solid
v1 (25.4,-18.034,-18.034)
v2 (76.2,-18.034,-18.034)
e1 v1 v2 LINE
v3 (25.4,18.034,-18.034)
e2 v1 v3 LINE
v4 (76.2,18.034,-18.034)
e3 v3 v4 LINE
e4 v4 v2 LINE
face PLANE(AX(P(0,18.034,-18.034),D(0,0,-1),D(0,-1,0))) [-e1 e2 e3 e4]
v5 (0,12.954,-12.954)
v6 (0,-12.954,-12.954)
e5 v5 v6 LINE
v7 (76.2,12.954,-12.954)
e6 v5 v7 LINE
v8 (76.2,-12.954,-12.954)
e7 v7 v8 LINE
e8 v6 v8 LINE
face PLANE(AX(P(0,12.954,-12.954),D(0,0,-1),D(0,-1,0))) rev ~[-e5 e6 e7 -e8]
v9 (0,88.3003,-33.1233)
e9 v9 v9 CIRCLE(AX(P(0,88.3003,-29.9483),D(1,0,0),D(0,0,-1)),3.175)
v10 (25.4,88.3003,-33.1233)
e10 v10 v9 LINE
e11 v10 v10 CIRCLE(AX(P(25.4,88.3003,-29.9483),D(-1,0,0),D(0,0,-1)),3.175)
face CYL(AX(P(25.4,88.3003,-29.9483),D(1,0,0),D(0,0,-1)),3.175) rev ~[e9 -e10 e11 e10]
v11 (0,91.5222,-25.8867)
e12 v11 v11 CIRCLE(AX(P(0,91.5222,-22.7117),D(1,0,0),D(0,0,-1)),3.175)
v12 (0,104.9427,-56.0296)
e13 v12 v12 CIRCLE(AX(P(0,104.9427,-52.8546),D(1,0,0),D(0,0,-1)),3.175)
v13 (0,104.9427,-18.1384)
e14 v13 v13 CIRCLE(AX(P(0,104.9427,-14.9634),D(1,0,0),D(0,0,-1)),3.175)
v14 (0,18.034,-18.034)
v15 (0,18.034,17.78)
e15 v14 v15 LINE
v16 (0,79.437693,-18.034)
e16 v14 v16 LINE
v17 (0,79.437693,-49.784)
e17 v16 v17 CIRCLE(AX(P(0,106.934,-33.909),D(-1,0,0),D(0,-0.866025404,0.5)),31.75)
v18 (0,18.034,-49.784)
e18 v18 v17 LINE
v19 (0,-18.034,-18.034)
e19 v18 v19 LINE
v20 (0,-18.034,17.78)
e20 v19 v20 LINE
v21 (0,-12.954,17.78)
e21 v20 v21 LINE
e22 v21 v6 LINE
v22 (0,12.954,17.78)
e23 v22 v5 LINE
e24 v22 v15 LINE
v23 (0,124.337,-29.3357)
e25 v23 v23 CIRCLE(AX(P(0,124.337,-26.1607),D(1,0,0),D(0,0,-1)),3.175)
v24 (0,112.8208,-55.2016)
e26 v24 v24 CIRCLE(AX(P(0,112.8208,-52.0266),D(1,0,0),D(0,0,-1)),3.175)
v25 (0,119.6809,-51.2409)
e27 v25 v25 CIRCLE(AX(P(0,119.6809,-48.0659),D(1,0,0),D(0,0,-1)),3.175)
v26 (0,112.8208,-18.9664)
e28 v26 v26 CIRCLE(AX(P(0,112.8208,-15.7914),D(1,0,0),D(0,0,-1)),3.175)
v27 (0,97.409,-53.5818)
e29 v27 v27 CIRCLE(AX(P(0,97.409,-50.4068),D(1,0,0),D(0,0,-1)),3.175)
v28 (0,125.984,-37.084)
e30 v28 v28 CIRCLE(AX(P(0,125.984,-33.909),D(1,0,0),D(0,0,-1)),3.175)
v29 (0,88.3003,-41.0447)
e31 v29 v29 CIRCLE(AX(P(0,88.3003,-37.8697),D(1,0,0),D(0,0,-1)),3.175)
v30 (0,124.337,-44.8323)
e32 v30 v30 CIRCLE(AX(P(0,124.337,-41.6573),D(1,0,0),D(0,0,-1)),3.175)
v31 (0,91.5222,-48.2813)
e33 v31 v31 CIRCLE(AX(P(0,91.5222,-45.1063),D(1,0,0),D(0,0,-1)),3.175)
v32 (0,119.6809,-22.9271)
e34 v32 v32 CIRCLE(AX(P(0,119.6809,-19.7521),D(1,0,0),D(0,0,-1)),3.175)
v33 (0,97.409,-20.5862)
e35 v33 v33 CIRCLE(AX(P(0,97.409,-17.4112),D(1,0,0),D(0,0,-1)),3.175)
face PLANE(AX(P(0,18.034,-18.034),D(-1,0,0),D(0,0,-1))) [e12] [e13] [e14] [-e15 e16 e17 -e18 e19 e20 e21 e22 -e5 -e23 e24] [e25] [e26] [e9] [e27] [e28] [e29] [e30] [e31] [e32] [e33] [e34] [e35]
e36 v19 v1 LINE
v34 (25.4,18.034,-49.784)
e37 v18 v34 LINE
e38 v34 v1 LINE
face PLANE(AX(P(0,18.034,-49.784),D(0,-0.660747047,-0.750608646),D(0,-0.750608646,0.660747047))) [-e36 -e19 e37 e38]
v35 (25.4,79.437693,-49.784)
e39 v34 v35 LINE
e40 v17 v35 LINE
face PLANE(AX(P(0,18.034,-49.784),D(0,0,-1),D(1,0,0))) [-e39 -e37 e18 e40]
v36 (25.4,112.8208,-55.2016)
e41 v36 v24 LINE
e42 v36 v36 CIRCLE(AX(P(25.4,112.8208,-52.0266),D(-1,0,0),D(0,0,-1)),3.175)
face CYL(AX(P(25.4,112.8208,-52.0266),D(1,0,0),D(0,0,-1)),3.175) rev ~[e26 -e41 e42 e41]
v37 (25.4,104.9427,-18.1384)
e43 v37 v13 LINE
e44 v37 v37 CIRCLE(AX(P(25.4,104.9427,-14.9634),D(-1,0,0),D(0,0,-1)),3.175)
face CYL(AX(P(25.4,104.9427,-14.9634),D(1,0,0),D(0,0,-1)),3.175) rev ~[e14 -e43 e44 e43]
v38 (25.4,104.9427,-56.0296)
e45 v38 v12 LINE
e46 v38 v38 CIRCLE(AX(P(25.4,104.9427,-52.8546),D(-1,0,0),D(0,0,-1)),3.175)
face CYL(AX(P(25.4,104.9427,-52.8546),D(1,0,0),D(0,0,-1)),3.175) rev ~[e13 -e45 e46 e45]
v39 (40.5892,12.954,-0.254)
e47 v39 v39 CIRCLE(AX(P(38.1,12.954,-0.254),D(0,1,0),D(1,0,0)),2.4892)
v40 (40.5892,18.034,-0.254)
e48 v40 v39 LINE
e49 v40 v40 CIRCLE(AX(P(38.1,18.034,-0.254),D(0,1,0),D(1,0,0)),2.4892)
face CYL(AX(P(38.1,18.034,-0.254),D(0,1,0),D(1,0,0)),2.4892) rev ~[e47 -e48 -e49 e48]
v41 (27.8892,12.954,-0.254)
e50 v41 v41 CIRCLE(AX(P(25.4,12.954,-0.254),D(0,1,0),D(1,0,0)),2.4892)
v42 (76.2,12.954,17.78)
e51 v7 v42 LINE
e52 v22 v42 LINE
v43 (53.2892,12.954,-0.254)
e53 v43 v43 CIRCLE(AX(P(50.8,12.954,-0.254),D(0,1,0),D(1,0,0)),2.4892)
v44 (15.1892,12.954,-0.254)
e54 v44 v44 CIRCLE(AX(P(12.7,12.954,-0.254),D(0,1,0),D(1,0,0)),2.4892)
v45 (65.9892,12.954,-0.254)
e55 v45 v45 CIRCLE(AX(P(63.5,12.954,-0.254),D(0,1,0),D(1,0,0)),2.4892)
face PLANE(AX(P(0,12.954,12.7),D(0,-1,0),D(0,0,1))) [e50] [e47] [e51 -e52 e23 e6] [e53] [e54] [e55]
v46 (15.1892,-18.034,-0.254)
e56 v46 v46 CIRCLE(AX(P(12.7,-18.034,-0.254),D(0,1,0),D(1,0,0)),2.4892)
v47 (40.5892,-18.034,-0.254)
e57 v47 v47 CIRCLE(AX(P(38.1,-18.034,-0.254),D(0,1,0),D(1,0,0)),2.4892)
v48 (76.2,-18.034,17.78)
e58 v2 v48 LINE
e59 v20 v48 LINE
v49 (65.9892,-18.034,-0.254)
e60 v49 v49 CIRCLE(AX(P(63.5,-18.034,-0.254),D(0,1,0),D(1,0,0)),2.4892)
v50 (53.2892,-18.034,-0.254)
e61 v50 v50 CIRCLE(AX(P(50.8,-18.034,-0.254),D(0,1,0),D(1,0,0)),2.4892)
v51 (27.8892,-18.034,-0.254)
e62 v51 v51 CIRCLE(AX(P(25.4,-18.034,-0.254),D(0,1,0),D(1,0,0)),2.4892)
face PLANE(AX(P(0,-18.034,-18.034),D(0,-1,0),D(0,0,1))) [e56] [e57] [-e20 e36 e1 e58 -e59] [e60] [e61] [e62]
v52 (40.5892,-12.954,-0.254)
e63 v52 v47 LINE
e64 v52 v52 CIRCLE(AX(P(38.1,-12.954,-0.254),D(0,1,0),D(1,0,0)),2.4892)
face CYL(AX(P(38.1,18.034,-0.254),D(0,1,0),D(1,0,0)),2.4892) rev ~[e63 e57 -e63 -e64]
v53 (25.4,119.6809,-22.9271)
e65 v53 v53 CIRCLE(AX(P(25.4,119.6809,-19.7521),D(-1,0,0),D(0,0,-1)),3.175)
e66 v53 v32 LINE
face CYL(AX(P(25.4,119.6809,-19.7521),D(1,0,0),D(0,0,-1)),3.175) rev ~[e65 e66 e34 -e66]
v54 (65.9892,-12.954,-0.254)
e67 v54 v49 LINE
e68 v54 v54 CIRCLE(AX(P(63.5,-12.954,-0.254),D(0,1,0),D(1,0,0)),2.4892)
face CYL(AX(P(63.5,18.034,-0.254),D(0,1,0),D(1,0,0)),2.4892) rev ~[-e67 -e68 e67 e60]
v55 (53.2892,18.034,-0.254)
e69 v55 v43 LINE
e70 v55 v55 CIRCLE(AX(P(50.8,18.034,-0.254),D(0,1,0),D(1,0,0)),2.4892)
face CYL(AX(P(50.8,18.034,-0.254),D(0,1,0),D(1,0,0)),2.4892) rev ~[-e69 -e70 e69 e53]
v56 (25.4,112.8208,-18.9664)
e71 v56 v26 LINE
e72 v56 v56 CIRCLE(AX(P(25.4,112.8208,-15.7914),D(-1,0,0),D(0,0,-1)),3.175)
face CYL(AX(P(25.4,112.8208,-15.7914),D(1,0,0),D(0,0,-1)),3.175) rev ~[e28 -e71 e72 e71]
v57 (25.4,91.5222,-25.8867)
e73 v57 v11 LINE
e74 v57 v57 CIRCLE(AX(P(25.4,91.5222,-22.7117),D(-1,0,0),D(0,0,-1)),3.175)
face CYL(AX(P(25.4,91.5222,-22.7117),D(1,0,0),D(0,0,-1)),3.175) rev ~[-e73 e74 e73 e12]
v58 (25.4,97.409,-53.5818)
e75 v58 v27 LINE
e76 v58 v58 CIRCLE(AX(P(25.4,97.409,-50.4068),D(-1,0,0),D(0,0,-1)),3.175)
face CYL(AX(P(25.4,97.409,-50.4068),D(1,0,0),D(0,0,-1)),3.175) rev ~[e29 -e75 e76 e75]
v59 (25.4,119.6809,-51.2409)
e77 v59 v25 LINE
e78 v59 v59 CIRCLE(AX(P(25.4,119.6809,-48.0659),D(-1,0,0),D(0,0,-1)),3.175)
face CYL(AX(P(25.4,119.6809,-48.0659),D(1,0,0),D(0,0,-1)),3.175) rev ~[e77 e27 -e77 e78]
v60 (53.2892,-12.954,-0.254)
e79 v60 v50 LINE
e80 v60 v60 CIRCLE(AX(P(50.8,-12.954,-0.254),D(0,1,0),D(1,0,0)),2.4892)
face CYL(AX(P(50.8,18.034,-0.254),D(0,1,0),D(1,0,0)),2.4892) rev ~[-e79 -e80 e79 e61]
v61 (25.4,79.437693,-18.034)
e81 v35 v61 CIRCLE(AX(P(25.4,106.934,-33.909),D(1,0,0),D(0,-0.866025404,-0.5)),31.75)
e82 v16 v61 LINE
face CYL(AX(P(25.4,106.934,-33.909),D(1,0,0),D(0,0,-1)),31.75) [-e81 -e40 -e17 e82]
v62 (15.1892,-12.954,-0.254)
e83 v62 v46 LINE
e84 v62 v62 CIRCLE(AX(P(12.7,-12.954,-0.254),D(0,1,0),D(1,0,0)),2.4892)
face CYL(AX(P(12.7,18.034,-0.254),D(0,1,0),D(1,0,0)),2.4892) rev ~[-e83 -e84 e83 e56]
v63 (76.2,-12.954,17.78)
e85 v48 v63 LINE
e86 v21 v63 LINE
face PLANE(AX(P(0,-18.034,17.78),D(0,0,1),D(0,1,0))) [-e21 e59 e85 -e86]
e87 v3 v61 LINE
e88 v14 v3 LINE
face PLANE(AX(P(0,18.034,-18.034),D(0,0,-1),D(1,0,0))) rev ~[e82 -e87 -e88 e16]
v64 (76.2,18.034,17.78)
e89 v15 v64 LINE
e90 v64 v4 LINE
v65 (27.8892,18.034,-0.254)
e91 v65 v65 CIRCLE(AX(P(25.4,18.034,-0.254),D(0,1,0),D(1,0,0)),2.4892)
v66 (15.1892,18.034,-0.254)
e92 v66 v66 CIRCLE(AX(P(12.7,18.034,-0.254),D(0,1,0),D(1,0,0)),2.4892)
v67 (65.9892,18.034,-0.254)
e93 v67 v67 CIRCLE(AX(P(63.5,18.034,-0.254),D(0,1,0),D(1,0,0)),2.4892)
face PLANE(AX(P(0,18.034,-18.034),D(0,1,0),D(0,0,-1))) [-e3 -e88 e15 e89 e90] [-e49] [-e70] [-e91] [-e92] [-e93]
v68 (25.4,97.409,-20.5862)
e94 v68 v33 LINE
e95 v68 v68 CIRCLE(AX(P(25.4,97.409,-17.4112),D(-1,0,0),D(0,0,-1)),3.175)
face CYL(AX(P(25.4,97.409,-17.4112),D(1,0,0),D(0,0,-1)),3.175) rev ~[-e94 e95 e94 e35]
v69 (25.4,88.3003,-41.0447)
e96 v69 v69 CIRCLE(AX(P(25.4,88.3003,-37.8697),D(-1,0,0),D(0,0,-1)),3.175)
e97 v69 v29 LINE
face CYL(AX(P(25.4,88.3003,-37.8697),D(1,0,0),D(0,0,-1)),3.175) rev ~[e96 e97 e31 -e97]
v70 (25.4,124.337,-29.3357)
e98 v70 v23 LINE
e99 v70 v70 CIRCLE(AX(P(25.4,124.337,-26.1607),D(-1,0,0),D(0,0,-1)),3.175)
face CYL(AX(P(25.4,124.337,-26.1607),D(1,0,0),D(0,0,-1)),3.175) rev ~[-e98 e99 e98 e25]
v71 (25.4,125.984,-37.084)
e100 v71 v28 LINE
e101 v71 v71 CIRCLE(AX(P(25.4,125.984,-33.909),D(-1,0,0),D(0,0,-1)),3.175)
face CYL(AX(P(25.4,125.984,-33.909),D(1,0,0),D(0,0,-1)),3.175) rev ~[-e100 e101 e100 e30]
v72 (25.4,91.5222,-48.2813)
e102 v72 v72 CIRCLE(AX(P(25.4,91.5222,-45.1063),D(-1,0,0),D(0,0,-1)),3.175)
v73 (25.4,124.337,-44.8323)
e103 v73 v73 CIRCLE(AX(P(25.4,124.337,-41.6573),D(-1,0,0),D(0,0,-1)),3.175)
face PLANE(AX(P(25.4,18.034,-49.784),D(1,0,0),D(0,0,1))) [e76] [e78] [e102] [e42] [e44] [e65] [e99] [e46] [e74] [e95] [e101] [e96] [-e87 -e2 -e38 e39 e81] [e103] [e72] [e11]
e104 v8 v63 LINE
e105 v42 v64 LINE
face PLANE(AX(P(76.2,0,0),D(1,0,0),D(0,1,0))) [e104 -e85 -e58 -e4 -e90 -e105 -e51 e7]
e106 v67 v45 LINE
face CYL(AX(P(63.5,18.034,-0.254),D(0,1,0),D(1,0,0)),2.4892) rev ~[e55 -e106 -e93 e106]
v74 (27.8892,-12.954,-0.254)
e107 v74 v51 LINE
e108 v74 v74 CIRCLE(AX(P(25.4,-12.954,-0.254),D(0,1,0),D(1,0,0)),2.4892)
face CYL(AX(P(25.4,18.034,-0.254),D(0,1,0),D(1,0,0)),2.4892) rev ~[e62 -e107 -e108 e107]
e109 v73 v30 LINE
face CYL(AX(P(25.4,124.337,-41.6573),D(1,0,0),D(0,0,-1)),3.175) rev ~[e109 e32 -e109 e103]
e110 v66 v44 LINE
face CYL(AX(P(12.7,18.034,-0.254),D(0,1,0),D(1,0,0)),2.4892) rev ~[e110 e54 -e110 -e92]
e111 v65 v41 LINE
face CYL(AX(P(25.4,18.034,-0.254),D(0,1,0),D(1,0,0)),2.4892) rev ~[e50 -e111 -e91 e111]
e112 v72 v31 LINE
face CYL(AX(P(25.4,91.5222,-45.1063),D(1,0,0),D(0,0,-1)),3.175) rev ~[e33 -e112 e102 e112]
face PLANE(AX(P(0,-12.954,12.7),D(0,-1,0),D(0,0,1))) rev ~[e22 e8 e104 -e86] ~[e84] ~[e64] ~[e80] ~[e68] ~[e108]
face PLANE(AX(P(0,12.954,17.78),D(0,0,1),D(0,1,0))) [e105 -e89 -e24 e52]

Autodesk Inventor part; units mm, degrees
ref_plane "YZ Plane" through (0, 0, 0) normal (1, 0, 0) x (0, 1, 0)
ref_plane "XZ Plane" through (0, 0, 0) normal (0, 1, 0) x (-1, 0, 0)
ref_plane "XY Plane" through (0, 0, 0) normal (0, 0, 1) x (1, 0, 0)
sketch "Sketch1" plane through (0, 0, 0) normal (1, 0, 0) x (0, 1, 0)
  line L0 (12.954, 12.7) -> (12.954, -12.954)
  line L1 (12.954, -12.954) -> (-12.954, -12.954)
  line L2 (-12.954, -12.954) -> (-12.954, 12.7)
  line L3 (12.954, 17.78) -> (18.034, 17.78)
  line L4 (18.034, 17.78) -> (18.034, -18.034)
  line L5 (18.034, -18.034) -> (-18.034, -18.034)
  line L6 (-18.034, -18.034) -> (-18.034, 17.78)
  line L7 (-18.034, 17.78) -> (-12.954, 17.78)
  line L8 (12.954, 12.7) -> (12.954, 17.78)
  line L9 (-12.954, 12.7) -> (-12.954, 17.78)
  point P0 (0, 0)
extrude "Extrusion1" add sketch "Sketch1" along normal blind 76.2
sketch "Sketch3" plane through (76.2, 18.034, 17.78) normal (0, 1, 0) x (1, 0, 0)
  circle A0 centre (-12.7, 18.034) radius 2.4892
  line L0 (-76.2, 35.814) -> (0, 35.814) projected
  line L1 (0, 0) -> (0, 30.734) projected
  circle A1 centre (-25.4, 18.034) radius 2.4892
  circle A2 centre (-38.1, 18.034) radius 2.4892
  circle A3 centre (-50.8, 18.034) radius 2.4892
  circle A4 centre (-63.5, 18.034) radius 2.4892
  point P0 (-76.2, 17.78)
  point P1 (-63.5, 35.814)
  dimension "d11" = 4.9784
  dimension "d13" = 12.7
  dimension "d14" = 12.7
  dimension "d17" = 12.7
  dimension "d36" = 4.9784
  dimension "d37" = 12.7
extrude "Extrusion6" cut sketch "Sketch3" against normal blind 66.675
sketch "Sketch6" plane through (0, 0, 0) normal (-1, 0, 0) x (0, 0, 1)
  line L0 (-18.034, 18.034) -> (17.78, 18.034) projected
  line L1 (-18.034, 18.034) -> (-49.784, 18.034)
  line L2 (17.78, -18.034) -> (-18.034, -18.034) projected
  line L3 (-49.784, 18.034) -> (-18.034, -18.034)
  line L4 (-18.034, -18.034) -> (-18.034, 18.034) projected
  point P0 (0, 0)
  dimension "d40" = 31.75
extrude "Extrusion7" add sketch "Sketch6" against normal blind 25.4
sketch "Sketch7" plane through (0, 18.034, 17.78) normal (0, 1, 0) x (1, 0, 0)
  circle A0 centre (38.1, 18.034) radius 2.4892 projected
  circle A1 centre (50.8, 18.034) radius 2.4892 projected
  circle A2 centre (25.4, 18.034) radius 2.4892 projected
  circle A3 centre (63.5, 18.034) radius 2.4892 projected
  circle A4 centre (12.7, 18.034) radius 2.4892 projected
  line L0 (0, 0) -> (0, 67.564) projected
  line L1 (0, 0) -> (76.2, 0) projected
  line L2 (76.2, 35.814) -> (76.2, 0) projected
  line L3 (25.4, 35.814) -> (76.2, 35.814) projected
  line L4 (25.4, 67.564) -> (25.4, 35.814) projected
  line L5 (0, 67.564) -> (25.4, 67.564) projected
  line L6 (0, 35.814) -> (25.4, 35.814) projected
  line L7 (25.4, 35.814) -> (0, 35.814)
  point P0 (0, 17.78)
extrude "Extrusion8" add sketch "Sketch7" along normal blind 88.9 contours L0 L5 L4 L6
sketch "Sketch8" plane through (25.4, 0, 0) normal (1, 0, 0) x (0, 0, -1)
  line L0 (18.034, -18.034) -> (18.034, 18.034) projected
  line L1 (18.034, -18.034) -> (49.784, 18.034) projected
  line L2 (49.784, 18.034) -> (49.784, 106.934) projected
  line L3 (18.034, 106.934) -> (49.784, 106.934) projected
  line L4 (18.034, 18.034) -> (18.034, 106.934) projected
  line L5 (49.784, 106.934) -> (18.034, 106.934) projected
  circle A0 centre (33.909, 106.934) radius 31.75
  point P0 (0, 0)
  dimension "d45" = 63.5
extrude "Extrusion9" add sketch "Sketch8" against normal up to surface (25.4 mm away) contours A0 L2 L3 L4 | L4 L3 L2 A0
sketch "Sketch9" plane through (25.4, 0, 0) normal (1, 0, 0) x (0, 0, -1)
  line L0 (18.034, 18.034) -> (18.034, 79.4377) projected
  line L1 (18.034, -18.034) -> (18.034, 18.034) projected
  line L2 (18.034, -18.034) -> (49.784, 18.034) projected
  line L3 (49.784, 18.034) -> (49.784, 79.4377) projected
  arc A0 (49.784, 79.4377) -> (18.034, 79.4377) centre (33.909, 106.934) ccw projected
  circle A1 centre (33.909, 106.934) radius 19.05
  circle A2 centre (33.909, 125.984) radius 3.175
  circle A3 centre (26.1607, 124.337) radius 3.175
  circle A4 centre (19.7521, 119.6809) radius 3.175
  circle A5 centre (15.7914, 112.8208) radius 3.175
  circle A6 centre (14.9634, 104.9427) radius 3.175
  circle A7 centre (17.4112, 97.409) radius 3.175
  circle A8 centre (22.7117, 91.5222) radius 3.175
  circle A9 centre (29.9483, 88.3003) radius 3.175
  circle A10 centre (37.8697, 88.3003) radius 3.175
  circle A11 centre (45.1063, 91.5222) radius 3.175
  circle A12 centre (50.4068, 97.409) radius 3.175
  circle A13 centre (52.8546, 104.9427) radius 3.175
  circle A14 centre (52.0266, 112.8208) radius 3.175
  circle A15 centre (48.0659, 119.6809) radius 3.175
  circle A16 centre (41.6573, 124.337) radius 3.175
  point P0 (0, 0)
  dimension "d48" = 38.1
  dimension "d49" = 6.35
  dimension "d52" = 360
extrude "Extrusion10" cut sketch "Sketch9" against normal blind 25.4 contours A1 A13 | A1 A13 | A14 A1 | A1 A14 | A12 A1 | A1 A12 | A15 A1 | A1 A15 | A11 A1 | A1 A11 | A16 A1 | A1 A16 | A10 A1 | A1 A10 | A2 A1 | A1 A2 | A9 A1 | A1 A9 | A3 A1 | A1 A3 | A8 A1 | A1 A8 | A4 A1 | A1 A4 | A7 A1 | A1 A7 | A5 A1 | A1 A5 | A6 A1 | A1 A6
properties part number "2024-900-004-REV2"
